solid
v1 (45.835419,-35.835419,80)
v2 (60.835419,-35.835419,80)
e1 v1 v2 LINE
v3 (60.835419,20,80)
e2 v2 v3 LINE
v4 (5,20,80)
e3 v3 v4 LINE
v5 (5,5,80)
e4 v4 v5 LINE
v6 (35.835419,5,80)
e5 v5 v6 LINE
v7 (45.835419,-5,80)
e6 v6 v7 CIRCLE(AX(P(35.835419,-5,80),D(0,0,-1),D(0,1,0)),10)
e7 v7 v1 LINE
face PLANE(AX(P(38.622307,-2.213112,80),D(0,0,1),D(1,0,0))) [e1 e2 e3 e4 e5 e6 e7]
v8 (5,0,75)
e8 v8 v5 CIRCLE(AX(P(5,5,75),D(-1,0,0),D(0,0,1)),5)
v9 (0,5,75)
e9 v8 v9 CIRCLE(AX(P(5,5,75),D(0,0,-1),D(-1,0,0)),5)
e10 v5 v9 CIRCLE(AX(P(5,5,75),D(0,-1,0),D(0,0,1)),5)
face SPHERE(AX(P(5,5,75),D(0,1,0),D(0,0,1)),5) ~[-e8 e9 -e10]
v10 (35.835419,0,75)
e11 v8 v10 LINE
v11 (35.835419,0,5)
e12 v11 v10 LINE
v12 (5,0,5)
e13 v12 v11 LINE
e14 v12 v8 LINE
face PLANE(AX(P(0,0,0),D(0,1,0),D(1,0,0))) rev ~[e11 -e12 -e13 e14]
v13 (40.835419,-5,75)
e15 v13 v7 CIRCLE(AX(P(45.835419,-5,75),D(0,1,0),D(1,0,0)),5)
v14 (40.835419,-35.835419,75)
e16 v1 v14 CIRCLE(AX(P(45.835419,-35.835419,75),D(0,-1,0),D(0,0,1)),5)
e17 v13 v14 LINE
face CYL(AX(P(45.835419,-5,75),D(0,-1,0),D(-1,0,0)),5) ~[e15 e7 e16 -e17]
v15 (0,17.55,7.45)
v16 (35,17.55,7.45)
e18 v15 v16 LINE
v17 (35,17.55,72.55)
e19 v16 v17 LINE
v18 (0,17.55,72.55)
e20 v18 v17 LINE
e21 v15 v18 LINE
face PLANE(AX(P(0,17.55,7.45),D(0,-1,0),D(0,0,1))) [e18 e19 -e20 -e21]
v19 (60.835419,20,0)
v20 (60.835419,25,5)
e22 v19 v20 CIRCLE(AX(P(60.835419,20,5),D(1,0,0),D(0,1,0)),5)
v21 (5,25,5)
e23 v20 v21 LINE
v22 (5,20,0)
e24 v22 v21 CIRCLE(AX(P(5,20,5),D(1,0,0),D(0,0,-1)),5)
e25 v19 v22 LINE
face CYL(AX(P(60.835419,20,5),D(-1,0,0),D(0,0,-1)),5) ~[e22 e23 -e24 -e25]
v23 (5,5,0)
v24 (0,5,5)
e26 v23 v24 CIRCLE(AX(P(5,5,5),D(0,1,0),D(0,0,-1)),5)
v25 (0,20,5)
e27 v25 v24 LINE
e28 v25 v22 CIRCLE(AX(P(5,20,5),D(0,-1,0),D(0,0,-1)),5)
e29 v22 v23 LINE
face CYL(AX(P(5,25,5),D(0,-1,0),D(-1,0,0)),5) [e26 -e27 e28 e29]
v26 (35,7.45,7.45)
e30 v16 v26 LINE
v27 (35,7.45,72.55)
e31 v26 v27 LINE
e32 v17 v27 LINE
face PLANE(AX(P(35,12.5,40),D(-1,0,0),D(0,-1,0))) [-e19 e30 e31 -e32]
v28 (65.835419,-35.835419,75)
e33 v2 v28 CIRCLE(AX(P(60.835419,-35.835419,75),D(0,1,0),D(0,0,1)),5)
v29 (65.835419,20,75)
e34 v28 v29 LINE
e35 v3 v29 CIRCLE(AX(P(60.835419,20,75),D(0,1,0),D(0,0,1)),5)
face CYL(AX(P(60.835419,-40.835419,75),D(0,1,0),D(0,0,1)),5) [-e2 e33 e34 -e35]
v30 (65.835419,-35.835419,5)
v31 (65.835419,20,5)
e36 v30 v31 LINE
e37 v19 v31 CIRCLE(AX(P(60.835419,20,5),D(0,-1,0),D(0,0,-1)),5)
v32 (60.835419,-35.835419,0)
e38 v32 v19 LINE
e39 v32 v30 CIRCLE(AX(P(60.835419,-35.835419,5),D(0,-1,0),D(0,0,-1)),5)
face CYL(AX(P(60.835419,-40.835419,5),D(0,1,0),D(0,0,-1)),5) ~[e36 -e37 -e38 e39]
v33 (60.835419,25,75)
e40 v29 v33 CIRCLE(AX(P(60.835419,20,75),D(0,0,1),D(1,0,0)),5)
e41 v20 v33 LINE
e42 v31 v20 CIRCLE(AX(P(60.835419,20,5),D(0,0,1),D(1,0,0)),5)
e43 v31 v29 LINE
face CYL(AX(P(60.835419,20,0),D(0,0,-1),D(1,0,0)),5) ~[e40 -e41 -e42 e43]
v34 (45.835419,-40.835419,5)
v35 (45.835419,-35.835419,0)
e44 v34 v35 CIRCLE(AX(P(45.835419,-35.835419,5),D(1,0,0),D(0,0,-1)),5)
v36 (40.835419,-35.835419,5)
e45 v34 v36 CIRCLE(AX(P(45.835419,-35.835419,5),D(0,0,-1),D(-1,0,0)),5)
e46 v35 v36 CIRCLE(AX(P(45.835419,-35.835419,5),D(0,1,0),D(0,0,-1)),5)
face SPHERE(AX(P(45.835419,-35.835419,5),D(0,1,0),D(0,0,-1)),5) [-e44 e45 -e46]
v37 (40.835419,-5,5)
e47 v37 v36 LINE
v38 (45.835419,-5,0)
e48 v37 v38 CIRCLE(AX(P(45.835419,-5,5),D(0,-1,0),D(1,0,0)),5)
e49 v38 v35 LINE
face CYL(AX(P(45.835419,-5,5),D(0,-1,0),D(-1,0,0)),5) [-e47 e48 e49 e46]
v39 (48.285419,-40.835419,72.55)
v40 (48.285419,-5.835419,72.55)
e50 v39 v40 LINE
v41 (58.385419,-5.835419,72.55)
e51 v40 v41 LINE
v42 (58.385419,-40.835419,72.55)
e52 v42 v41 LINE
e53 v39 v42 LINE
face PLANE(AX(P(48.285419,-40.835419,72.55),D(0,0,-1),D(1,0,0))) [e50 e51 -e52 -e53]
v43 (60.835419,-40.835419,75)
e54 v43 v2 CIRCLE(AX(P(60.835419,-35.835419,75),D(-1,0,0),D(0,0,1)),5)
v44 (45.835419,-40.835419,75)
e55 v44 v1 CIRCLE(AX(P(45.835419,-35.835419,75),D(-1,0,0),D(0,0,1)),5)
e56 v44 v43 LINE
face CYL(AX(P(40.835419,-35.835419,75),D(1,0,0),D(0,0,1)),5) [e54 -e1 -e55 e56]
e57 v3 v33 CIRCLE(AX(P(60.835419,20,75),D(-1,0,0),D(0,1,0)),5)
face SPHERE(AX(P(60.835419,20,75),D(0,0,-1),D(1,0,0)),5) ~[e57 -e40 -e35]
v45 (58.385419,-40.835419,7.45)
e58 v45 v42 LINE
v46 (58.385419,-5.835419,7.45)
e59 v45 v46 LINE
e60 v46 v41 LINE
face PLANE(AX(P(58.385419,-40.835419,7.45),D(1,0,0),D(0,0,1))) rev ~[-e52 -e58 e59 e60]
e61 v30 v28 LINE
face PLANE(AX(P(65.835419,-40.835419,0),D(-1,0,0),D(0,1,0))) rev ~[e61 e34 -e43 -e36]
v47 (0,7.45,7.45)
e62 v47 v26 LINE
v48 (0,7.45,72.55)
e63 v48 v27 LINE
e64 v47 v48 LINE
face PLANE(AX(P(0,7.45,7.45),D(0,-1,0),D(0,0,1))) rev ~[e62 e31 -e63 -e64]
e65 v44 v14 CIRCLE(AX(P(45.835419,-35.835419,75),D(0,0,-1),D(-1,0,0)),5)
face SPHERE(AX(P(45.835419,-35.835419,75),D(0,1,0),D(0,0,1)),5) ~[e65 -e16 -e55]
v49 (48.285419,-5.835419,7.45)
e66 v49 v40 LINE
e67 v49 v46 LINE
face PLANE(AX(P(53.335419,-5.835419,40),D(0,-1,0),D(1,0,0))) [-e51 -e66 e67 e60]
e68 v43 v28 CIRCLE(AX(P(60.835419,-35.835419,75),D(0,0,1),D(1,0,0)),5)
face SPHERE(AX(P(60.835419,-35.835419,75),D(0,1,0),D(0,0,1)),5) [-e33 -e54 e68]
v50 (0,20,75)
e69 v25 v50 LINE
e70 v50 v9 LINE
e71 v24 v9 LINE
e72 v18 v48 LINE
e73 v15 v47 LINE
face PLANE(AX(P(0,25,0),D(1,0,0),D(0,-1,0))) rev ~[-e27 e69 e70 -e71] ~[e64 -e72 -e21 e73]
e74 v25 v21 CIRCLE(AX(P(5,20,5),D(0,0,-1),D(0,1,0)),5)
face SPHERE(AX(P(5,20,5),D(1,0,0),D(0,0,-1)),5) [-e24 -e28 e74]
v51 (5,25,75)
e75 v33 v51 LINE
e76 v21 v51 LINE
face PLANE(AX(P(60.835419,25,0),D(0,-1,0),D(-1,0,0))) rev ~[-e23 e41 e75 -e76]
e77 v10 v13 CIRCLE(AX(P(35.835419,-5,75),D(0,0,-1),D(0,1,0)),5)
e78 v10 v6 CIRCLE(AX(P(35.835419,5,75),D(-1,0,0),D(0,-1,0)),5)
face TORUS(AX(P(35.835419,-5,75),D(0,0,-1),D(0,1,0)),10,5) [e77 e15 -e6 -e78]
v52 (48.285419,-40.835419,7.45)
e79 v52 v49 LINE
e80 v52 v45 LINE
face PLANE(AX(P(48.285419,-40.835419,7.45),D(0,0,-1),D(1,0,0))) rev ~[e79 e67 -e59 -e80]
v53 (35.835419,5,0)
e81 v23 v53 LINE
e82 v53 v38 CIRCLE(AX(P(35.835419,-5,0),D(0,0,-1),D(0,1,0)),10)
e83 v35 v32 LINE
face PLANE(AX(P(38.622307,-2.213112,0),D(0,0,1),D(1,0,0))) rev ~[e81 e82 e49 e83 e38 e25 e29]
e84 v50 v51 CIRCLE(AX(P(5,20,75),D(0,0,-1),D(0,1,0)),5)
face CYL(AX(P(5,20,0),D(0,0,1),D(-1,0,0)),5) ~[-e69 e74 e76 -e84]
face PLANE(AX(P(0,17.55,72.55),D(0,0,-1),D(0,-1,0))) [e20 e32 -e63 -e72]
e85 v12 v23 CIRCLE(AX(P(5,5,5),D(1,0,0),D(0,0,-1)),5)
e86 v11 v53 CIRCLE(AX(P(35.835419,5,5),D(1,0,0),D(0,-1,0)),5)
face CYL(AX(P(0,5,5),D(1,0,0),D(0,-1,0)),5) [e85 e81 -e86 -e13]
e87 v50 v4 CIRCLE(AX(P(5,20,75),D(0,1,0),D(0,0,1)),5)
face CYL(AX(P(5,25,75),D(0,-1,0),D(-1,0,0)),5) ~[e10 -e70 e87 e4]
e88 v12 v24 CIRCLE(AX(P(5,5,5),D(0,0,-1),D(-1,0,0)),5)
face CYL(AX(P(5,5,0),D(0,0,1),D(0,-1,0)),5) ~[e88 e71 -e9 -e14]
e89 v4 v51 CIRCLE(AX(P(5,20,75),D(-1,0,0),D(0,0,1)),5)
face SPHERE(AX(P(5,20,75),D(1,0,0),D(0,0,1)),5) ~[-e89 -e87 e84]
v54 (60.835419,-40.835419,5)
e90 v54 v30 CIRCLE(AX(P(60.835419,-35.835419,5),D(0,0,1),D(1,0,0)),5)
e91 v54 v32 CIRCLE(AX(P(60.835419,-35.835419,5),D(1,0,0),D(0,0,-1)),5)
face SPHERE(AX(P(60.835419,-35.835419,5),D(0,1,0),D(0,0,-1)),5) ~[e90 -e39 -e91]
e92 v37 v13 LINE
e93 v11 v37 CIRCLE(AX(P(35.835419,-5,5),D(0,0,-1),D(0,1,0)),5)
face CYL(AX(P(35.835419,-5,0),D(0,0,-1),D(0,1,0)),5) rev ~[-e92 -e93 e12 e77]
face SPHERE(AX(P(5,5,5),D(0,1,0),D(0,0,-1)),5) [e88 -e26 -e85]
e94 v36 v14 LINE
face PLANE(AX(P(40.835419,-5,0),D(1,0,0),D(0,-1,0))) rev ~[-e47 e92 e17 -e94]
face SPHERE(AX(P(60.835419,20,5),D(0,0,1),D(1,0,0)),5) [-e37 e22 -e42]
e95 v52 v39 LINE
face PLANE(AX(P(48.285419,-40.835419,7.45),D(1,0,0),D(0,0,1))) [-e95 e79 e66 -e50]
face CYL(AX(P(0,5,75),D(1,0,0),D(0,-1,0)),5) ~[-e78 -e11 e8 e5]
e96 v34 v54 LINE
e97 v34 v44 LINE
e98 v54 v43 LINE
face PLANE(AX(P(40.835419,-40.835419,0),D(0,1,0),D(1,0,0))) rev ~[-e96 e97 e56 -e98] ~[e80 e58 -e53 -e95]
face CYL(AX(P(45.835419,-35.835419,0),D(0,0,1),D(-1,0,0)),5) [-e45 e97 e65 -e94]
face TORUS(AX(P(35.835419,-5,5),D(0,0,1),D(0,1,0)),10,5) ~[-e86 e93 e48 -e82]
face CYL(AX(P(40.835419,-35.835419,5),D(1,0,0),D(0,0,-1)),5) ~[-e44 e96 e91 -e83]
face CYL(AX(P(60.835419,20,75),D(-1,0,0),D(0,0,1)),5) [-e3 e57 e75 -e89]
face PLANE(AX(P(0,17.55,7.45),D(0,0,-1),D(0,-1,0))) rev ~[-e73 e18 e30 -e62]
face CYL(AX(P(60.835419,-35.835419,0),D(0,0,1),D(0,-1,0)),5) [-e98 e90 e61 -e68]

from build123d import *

# Parameters (mm, degrees)
F0_W     = 35
F0_H     = 10.1
F0_W_2   = 10.1
F0_H_2   = 35
F1_DEPTH = 80
F3_W     = 10.1
F3_H     = 65.1
F4_DEPTH = 35
F2_W     = 10.1
F2_H     = 65.1
F5_DEPTH = 35
F6_R     = 5


with BuildPart() as f1:
    # F0 (on Top) → F1 (new body)
    with BuildSketch(Plane.XY):
        with BuildLine():
            Line((0, 7.45), (0, 0))
            Line((0, 0), (35.8354191061, 0))
            ThreePointArc((35.8354191061, 0), (39.370953012, -1.4644660941), (40.8354191061, -5))
            Line((40.8354191061, -5), (40.8354191061, -40.8354191061))
            Line((40.8354191061, -40.8354191061), (48.2854191061, -40.8354191061))
            Line((48.2854191061, -40.8354191061), (48.2854191061, -5.8354191061))
            Line((48.2854191061, -5.8354191061), (58.3854191061, -5.8354191061))
            Line((58.3854191061, -5.8354191061), (58.3854191061, -40.8354191061))
            Line((58.3854191061, -40.8354191061), (65.8354191061, -40.8354191061))
            Line((65.8354191061, -40.8354191061), (65.8354191061, 20))
            ThreePointArc((65.8354191061, 20), (64.370953012, 23.5355339059), (60.8354191061, 25))
            Line((60.8354191061, 25), (0, 25))
            Line((0, 25), (0, 17.55))
            Line((0, 17.55), (35, 17.55))
            Line((35, 17.55), (35, 7.45))
            Line((35, 7.45), (0, 7.45))
        make_face()
        with Locations((17.5, 12.5)):
            Rectangle(F0_W, F0_H)
        with Locations((53.3354191061, -23.3354191061)):
            Rectangle(F0_W_2, F0_H_2)
    extrude(amount=F1_DEPTH)

    # F3 (on face) → F4 (cut)
    with BuildSketch(Plane.XZ.offset(40.8354191061)):
        with Locations((53.3354191061, 40)):
            Rectangle(F3_W, F3_H)
    extrude(amount=-F4_DEPTH, mode=Mode.SUBTRACT)

    # F2 (on face) → F5 (cut)
    with BuildSketch(Plane(origin=(0, 0, 0), x_dir=(0, -1, 0), z_dir=(-1, 0, 0))):
        with Locations((-12.5, 40)):
            Rectangle(F2_W, F2_H)
    extrude(amount=-F5_DEPTH, mode=Mode.SUBTRACT)

    # F6
    f6_edges = [f1.edges().sort_by_distance(p)[0] for p in [
        (64.370953, 23.535534, 80),
        (30.41771, 25, 80),
        (0, 12.5, 80),
        (17.91771, 0, 80),
        (39.370953, -1.464466, 80),
        (40.835419, -22.91771, 80),
        (53.335419, -40.835419, 80),
        (65.835419, -10.41771, 80),
        (64.370953, 23.535534, 0),
        (30.41771, 25, 0),
        (0, 12.5, 0),
        (17.91771, 0, 0),
        (39.370953, -1.464466, 0),
        (40.835419, -22.91771, 0),
        (53.335419, -40.835419, 0),
        (65.835419, -10.41771, 0),
        (65.835419, -40.835419, 40),
        (40.835419, -40.835419, 40),
        (0, 0, 40),
        (0, 25, 40),
    ]]
    fillet(f6_edges, radius=F6_R)


solid = f1.part
